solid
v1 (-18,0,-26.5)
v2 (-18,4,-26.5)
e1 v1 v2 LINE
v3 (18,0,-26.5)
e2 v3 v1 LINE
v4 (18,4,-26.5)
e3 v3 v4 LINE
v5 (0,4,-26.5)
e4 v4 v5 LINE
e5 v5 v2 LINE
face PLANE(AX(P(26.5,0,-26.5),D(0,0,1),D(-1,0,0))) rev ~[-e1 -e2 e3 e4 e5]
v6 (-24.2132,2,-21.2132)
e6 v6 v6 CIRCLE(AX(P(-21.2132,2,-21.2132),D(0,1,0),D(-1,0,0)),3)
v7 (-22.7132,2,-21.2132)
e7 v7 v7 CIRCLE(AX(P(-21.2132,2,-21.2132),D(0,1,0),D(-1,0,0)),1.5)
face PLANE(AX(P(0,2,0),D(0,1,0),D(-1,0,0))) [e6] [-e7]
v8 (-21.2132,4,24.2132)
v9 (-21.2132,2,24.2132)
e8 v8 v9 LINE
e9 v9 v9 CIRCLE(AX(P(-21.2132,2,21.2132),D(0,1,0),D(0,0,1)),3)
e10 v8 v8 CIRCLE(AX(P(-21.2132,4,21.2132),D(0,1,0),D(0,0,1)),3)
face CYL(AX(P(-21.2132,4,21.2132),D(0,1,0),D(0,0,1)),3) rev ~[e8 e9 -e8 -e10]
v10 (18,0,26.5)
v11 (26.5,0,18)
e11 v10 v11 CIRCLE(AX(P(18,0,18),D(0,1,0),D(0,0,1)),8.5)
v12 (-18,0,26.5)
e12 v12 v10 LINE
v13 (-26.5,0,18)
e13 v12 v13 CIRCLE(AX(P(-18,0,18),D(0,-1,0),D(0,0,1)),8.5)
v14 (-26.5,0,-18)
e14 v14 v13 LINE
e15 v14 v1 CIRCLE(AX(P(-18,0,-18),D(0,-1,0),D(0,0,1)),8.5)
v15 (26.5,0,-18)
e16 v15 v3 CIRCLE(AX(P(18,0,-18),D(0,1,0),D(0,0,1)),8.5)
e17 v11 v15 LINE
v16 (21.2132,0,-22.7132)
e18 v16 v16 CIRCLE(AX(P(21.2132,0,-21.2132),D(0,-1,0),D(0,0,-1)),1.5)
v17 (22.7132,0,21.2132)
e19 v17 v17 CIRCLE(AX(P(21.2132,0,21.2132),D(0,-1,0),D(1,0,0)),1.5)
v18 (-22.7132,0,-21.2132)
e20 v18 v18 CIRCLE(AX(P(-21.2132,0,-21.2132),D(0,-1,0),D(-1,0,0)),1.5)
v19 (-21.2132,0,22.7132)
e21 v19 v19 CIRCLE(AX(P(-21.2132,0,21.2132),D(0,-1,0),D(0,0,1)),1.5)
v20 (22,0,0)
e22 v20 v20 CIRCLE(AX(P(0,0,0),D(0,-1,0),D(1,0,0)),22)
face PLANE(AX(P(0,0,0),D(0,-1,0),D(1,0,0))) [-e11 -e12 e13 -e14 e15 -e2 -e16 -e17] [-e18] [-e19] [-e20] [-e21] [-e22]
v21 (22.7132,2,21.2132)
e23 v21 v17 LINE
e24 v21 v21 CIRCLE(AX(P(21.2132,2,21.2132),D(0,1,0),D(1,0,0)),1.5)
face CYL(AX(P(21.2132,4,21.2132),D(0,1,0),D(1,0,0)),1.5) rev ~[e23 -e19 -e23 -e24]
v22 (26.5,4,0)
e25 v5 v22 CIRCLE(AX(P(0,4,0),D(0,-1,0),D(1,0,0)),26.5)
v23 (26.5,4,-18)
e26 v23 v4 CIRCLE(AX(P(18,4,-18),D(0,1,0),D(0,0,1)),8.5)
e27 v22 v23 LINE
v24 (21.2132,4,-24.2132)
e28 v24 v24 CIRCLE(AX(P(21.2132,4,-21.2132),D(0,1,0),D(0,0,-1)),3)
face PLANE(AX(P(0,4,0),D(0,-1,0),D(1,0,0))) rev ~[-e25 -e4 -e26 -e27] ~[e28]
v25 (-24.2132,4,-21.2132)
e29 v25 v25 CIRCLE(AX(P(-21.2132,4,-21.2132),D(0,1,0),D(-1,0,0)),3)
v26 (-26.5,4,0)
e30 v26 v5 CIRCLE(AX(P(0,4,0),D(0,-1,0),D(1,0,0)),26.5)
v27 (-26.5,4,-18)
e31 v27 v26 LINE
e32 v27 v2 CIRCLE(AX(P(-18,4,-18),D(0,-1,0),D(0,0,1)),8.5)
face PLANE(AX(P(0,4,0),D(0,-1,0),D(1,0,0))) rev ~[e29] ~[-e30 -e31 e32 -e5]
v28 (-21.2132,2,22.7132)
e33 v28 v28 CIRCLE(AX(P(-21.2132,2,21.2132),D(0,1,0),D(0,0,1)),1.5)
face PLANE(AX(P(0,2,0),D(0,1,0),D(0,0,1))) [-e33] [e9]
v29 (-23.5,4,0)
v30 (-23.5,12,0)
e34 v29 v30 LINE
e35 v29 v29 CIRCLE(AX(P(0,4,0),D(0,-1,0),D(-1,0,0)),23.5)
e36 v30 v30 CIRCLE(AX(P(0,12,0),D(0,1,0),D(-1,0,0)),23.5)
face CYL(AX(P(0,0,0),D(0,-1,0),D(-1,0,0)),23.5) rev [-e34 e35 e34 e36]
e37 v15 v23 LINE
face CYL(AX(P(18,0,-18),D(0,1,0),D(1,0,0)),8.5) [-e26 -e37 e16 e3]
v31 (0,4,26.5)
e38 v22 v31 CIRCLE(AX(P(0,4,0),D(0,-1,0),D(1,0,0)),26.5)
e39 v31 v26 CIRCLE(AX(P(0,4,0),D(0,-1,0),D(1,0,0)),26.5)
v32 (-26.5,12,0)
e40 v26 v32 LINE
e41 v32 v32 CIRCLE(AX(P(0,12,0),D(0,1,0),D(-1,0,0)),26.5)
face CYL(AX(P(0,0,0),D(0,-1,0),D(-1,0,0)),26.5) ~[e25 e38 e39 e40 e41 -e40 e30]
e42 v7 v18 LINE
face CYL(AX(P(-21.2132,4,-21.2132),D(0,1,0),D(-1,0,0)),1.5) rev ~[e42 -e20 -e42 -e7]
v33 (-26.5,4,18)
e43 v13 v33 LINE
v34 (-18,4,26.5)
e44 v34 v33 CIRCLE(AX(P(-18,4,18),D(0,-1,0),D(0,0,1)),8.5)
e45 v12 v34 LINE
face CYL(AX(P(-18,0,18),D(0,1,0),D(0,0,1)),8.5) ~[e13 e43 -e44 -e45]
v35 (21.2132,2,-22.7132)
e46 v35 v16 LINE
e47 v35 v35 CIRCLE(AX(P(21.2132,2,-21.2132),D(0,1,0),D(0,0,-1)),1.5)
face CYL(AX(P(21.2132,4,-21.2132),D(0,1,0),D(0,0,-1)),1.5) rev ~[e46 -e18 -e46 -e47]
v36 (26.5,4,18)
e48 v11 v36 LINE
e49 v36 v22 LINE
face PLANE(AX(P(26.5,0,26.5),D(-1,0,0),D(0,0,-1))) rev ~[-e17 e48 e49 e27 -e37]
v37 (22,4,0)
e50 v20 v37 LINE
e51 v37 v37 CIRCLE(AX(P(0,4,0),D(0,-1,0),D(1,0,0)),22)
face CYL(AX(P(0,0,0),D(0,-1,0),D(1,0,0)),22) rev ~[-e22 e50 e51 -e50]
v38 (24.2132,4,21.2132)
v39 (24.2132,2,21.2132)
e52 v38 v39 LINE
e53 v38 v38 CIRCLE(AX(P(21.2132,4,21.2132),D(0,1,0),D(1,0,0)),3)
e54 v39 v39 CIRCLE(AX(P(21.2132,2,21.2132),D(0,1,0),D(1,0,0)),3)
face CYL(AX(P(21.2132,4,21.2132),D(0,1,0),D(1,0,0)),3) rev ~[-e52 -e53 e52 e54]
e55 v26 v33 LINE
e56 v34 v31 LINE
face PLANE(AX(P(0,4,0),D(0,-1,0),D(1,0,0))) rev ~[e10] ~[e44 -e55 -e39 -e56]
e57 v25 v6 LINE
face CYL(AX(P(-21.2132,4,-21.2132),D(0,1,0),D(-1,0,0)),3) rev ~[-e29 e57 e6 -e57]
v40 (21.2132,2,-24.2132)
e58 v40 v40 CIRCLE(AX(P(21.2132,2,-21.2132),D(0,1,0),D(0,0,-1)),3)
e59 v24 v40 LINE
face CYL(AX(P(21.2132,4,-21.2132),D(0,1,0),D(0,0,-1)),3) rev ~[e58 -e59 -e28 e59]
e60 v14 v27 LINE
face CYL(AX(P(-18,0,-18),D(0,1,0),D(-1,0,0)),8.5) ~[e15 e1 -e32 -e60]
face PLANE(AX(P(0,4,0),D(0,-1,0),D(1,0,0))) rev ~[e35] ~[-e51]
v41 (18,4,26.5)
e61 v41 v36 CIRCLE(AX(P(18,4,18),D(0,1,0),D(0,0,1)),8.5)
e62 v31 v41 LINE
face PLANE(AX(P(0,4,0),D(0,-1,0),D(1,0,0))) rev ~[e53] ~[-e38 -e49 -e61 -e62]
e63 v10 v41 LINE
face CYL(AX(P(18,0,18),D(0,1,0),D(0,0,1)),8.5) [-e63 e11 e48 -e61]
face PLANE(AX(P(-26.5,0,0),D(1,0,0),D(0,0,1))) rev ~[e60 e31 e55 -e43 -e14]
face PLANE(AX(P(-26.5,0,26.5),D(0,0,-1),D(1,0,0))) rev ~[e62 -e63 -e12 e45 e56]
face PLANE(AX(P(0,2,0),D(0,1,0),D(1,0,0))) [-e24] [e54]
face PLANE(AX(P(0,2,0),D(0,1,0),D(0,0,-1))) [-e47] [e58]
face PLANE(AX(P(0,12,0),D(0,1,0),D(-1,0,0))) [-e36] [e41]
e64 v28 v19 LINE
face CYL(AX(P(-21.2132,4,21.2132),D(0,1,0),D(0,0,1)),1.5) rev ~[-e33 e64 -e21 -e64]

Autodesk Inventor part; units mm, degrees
ref_plane "YZ Plane" through (0, 0, 0) normal (1, 0, 0) x (0, 1, 0)
ref_plane "XZ Plane" through (0, 0, 0) normal (0, 1, 0) x (-1, 0, 0)
ref_plane "XY Plane" through (0, 0, 0) normal (0, 0, 1) x (1, 0, 0)
sketch "Эскиз1" plane through (0, 0, 0) normal (0, 1, 0) x (-1, 0, 0)
  circle A0 centre (0, 0) radius 22
  circle A1 centre (0, 0) radius 23.5
  circle A2 centre (0, 0) radius 26.5
  dimension "d0" = 44
  dimension "d1" = 47
  dimension "d2" = 53
extrude "Выдавливание1" add sketch "Эскиз1" along normal blind 12 contours A2
sketch "Эскиз2" plane through (0, 0, 0) normal (0, -1, 0) x (1, 0, 0)
  circle A0 centre (0, 0) radius 22
  circle A1 centre (0, 0) radius 23.5
  circle A2 centre (0, 0) radius 26.5
  dimension "d5" = 44
  dimension "d6" = 47
  dimension "d7" = 53
extrude "Выдавливание2" add sketch "Эскиз2" against normal blind 4 contours A1
sketch "Эскиз3" plane through (0, 0, 0) normal (0, -1, 0) x (1, 0, 0)
  circle A0 centre (0, 0) radius 22
  circle A1 centre (0, 0) radius 23.5
  circle A2 centre (0, 0) radius 26.5
  line L0 (-26.5, 26.5) -> (26.5, 26.5)
  line L1 (26.5, 26.5) -> (26.5, -26.5)
  line L2 (26.5, -26.5) -> (-26.5, -26.5)
  line L3 (-26.5, -26.5) -> (-26.5, 26.5)
  line L4 (-26.5, 26.5) -> (26.5, -26.5) construction
  line L5 (26.5, 26.5) -> (-26.5, -26.5) construction
  dimension "d10" = 44
  dimension "d11" = 47
  dimension "d12" = 53
  dimension "d13" = 53
  dimension "d14" = 53
extrude "Выдавливание3" add sketch "Эскиз3" against normal blind 4 contours L1 L2 A2 | A2 L0 L1 | A2 L3 L0 | L2 L3 A2
sketch "Эскиз4" plane through (0, 4, 0) normal (0, 1, 0) x (1, 0, 0)
  line L0 (0, 0) -> (21.2132, -21.2132)
  line L1 (0, 0) -> (30, 0) construction
  circle A0 centre (21.2132, -21.2132) radius 1.5
  dimension "d17" = 30
  dimension "d18" = 45
  dimension "d19" = 3
extrude "Выдавливание4" cut sketch "Эскиз4" against normal blind 4
pattern_circular "Круговой массив1" count 4 over 360 about axis through (0, -10, 0) along (0, 1, 0) of "Выдавливание4"
sketch "Эскиз5" plane through (0, 4, 0) normal (0, 1, 0) x (1, 0, 0)
  circle A0 centre (21.2132, -21.2132) radius 1.5 projected
  circle A1 centre (21.2132, -21.2132) radius 3
  point P0 (0, 0)
  dimension "d25" = 6
extrude "Выдавливание5" cut sketch "Эскиз5" against normal blind 2
pattern_circular "Круговой массив2" count 4 over 360 about axis through (0, -10, 0) along (0, 1, 0) of "Выдавливание5"
fillet "Сопряжение1" radius 8.5 4 edges at (26.5, 2, -26.5) (26.5, 2, 26.5) (-26.5, 2, -26.5) (-26.5, 2, 26.5)
sketch "Эскиз6" plane through (0, 0, 0) normal (0, -1, 0) x (1, 0, 0)
  arc A0 (-18, 26.5) -> (-26.5, 18) centre (-18, 18) ccw projected
  line L0 (-26.5, -18) -> (-26.5, 18) projected
  arc A1 (-26.5, -18) -> (-18, -26.5) centre (-18, -18) ccw projected
  line L1 (18, -26.5) -> (-18, -26.5) projected
  arc A2 (18, -26.5) -> (26.5, -18) centre (18, -18) ccw projected
  line L2 (26.5, 18) -> (26.5, -18) projected
  arc A3 (26.5, 18) -> (18, 26.5) centre (18, 18) ccw projected
  line L3 (-18, 26.5) -> (18, 26.5) projected
  circle A4 centre (-21.2132, 21.2132) radius 1.5 projected
  circle A5 centre (-21.2132, -21.2132) radius 1.5 projected
  circle A6 centre (21.2132, -21.2132) radius 1.5 projected
  circle A7 centre (21.2132, 21.2132) radius 1.5 projected
  circle A8 centre (0, 0) radius 22 projected
properties part number "000.001 - База лидара gjl gjlibgybr" material "Пластик АБС"
